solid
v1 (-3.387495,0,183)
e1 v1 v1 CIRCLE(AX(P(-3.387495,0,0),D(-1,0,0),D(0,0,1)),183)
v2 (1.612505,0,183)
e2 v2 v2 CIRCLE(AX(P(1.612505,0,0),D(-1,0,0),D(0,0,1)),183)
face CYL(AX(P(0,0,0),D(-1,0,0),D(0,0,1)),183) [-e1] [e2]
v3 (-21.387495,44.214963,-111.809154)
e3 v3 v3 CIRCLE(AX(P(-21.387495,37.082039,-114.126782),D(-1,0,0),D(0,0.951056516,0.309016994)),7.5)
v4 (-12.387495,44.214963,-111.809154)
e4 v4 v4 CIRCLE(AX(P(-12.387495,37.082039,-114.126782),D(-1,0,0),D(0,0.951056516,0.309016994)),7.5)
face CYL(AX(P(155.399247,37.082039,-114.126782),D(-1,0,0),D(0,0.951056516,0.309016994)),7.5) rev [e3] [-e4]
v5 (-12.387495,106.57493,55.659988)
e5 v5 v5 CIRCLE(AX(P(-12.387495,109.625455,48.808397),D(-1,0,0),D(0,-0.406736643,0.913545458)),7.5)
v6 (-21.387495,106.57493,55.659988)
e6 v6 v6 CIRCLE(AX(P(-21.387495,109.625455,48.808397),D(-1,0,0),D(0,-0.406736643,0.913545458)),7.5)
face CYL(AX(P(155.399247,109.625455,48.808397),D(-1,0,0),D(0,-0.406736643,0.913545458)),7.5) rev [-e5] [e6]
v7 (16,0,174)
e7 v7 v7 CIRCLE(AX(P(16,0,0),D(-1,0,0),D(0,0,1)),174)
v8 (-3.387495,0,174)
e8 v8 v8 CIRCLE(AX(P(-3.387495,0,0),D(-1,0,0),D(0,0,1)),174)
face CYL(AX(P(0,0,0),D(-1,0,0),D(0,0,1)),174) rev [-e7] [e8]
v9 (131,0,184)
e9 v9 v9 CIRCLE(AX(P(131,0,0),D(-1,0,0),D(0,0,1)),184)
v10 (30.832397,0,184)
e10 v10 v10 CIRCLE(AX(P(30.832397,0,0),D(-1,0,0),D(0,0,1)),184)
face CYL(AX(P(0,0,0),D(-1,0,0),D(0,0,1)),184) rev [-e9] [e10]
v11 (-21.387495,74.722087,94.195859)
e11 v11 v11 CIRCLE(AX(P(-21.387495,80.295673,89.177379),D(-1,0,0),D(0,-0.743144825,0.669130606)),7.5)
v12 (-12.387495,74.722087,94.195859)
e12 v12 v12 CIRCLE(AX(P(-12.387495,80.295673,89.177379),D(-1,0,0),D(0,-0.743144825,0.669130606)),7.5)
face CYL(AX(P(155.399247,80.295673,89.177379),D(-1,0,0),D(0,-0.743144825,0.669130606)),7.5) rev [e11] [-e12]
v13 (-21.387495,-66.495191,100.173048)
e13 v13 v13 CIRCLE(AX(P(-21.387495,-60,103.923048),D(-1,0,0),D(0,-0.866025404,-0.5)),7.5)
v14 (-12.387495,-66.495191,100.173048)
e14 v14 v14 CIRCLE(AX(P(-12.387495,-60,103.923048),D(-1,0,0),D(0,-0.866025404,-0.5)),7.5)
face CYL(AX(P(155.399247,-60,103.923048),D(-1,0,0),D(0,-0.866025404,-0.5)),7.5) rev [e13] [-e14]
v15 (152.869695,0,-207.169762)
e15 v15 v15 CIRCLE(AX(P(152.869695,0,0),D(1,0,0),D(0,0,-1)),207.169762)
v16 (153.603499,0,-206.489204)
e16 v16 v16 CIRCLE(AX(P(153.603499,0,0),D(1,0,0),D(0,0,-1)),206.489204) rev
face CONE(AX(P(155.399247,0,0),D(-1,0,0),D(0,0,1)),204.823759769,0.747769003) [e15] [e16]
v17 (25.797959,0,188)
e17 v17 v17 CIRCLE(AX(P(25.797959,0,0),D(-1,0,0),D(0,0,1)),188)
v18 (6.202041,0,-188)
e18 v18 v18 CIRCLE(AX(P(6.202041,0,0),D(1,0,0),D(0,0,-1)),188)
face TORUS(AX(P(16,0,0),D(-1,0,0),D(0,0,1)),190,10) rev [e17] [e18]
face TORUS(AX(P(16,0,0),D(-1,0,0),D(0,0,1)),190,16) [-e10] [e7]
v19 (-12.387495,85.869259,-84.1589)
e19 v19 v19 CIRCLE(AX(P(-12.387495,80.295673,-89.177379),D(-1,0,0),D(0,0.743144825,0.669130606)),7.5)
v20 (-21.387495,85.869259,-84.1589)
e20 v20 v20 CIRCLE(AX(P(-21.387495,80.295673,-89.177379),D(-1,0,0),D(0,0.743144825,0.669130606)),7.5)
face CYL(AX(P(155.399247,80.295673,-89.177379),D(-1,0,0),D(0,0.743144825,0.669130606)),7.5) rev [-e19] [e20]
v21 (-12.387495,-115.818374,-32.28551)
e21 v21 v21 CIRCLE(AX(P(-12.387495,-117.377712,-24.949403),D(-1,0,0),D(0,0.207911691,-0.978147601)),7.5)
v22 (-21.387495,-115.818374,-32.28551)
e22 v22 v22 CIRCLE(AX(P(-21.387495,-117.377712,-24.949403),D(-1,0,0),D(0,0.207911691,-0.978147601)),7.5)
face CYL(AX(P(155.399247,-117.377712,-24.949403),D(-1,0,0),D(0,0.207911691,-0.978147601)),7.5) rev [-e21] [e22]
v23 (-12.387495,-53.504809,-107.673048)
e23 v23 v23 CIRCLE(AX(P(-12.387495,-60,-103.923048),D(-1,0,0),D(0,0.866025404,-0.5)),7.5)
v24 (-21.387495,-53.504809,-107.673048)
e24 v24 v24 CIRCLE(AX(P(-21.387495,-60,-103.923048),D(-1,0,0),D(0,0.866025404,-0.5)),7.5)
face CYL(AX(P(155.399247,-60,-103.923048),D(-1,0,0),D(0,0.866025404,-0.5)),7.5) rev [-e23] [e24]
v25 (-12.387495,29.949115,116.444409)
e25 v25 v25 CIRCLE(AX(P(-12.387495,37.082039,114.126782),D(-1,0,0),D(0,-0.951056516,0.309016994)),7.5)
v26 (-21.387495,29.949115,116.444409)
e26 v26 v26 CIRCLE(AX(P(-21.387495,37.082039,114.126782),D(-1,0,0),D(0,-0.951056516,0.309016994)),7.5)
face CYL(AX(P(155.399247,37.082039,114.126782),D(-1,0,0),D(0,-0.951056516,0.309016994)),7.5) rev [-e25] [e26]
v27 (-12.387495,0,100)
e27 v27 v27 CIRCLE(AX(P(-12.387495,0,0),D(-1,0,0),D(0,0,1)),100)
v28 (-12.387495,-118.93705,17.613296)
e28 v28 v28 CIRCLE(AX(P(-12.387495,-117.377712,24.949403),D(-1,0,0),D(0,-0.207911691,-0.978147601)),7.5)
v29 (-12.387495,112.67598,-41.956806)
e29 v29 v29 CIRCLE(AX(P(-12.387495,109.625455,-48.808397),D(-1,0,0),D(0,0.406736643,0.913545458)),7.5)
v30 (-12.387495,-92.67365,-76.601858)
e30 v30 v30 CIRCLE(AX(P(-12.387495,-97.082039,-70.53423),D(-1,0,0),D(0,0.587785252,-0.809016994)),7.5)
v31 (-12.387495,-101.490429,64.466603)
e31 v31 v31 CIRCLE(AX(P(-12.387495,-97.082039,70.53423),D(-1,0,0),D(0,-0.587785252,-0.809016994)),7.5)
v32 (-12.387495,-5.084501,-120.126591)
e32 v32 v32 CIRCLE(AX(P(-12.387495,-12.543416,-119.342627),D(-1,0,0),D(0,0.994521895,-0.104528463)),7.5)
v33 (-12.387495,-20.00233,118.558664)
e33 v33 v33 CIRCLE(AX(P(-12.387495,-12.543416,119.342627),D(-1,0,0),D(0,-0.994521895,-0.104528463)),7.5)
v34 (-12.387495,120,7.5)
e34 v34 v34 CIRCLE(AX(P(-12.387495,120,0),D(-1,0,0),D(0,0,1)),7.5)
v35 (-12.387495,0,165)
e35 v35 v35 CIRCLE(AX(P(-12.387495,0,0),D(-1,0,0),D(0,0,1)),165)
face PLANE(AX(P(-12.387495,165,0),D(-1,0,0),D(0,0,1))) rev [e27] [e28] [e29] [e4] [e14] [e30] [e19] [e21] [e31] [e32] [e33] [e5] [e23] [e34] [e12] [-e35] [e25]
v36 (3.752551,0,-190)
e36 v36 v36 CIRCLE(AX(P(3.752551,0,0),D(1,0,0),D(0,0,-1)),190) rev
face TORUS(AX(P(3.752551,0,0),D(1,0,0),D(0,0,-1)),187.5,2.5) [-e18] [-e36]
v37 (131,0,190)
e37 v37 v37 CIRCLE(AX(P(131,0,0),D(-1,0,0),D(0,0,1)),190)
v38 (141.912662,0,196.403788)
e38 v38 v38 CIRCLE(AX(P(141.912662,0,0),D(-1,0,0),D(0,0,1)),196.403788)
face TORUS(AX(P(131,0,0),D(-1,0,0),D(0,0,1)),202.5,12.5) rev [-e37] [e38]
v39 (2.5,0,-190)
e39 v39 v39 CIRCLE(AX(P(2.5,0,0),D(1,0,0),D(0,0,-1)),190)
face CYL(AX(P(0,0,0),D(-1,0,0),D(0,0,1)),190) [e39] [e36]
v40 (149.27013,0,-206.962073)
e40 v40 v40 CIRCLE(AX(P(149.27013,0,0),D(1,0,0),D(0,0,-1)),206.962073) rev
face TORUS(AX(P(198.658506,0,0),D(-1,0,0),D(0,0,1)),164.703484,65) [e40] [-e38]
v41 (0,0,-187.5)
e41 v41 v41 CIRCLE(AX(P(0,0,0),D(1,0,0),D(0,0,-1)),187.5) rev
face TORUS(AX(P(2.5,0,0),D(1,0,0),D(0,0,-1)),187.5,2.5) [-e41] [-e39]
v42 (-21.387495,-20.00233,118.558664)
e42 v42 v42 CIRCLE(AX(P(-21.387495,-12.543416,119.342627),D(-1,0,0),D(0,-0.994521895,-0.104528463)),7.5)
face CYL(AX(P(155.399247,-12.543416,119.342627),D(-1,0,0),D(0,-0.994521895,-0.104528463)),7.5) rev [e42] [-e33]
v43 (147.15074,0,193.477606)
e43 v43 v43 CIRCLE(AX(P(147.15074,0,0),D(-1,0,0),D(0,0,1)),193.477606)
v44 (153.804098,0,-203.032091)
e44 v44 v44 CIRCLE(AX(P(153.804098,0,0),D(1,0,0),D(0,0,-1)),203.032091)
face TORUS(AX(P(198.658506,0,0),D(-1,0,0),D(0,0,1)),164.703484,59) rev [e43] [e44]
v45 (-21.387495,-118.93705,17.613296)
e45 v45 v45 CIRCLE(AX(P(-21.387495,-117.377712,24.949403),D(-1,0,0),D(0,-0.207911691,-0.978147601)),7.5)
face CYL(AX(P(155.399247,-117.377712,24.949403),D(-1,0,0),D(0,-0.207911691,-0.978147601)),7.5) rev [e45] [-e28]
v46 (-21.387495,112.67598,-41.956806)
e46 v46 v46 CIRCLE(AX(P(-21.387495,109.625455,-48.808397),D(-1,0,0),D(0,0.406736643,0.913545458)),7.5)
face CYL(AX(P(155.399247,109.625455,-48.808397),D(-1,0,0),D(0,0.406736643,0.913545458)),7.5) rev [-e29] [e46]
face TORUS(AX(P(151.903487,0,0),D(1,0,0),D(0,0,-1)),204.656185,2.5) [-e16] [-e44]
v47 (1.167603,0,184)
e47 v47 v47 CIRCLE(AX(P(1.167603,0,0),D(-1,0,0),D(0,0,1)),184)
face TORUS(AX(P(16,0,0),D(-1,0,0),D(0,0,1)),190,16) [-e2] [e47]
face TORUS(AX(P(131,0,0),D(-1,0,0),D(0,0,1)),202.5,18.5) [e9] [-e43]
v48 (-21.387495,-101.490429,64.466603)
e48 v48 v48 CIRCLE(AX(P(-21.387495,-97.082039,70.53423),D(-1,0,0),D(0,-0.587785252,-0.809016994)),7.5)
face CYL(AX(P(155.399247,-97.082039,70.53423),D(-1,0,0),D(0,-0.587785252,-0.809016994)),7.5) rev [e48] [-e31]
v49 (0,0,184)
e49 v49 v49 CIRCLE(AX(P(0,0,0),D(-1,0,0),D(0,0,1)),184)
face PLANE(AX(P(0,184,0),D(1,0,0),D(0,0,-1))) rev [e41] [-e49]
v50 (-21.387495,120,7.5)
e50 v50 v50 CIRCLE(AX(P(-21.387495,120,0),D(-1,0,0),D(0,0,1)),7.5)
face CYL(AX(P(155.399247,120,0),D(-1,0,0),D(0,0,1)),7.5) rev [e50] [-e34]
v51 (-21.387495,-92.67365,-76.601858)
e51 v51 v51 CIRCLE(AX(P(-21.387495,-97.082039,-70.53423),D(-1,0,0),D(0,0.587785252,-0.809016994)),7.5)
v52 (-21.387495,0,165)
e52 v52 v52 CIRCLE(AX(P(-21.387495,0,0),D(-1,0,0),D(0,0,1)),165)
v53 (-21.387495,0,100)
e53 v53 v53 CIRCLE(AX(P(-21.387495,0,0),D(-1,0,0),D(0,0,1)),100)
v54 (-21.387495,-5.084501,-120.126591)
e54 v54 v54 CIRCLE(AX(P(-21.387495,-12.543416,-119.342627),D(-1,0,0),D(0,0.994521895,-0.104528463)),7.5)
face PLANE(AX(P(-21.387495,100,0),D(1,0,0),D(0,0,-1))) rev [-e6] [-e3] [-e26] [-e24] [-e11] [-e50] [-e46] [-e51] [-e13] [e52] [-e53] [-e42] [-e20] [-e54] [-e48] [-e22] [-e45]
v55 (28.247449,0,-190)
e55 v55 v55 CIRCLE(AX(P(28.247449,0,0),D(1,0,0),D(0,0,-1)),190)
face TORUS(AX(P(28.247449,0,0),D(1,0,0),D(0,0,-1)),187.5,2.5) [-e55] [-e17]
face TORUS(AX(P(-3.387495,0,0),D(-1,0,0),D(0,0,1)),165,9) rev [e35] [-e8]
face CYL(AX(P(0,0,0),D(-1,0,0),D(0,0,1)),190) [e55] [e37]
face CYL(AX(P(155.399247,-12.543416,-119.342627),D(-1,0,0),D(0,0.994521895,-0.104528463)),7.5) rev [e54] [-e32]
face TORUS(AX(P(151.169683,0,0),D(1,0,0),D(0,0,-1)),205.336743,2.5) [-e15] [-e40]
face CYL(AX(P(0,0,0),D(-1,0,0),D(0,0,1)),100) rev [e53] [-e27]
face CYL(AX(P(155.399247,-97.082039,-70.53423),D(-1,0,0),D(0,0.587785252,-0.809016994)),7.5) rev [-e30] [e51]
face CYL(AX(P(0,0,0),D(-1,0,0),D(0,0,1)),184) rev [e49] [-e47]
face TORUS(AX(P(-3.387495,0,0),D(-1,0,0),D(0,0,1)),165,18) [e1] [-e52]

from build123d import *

# Parameters (mm, degrees)
SKETCH3_R          = 7.5
CUT_EXTRUDE1_DEPTH = 345.289321626
CIRPATTERN1_COUNT  = 15
FILLET1_R          = 2.5
FILLET2_R          = 2.5


with BuildPart() as part:
    # Sketch1 → Revolve2 (revolve)
    with BuildSketch(Plane.XY, mode=Mode.PRIVATE) as revolve2_sk:
        with BuildLine():
            Line((0, 190), (6, 190))
            ThreePointArc((6, 190), (16, 180), (26, 190))
            Line((26, 190), (131, 190))
            ThreePointArc((131, 190), (137.326426611, 191.719168569), (141.912662216, 196.403787786))
            ThreePointArc((141.912662216, 196.403787786), (146.083516094, 202.924819463), (151, 208.903787786))
            Line((151, 208.903787786), (155.399246684, 204.823759769))
            ThreePointArc((155.399246684, 204.823759769), (150.936592061, 199.396696214), (147.150740079, 193.477605923))
            ThreePointArc((147.150740079, 193.477605923), (140.363111384, 186.544369482), (131, 184))
            Line((131, 184), (30.832396974, 184))
            ThreePointArc((30.832396974, 184), (24.94427191, 176.733500839), (16, 174))
            Line((16, 174), (-3.38749457, 174))
            ThreePointArc((-3.38749457, 174), (-9.751455601, 171.363961031), (-12.38749457, 165))
            Line((-12.38749457, 165), (-12.38749457, 100))
            Line((-12.38749457, 100), (-21.38749457, 100))
            Line((-21.38749457, 100), (-21.38749457, 165))
            ThreePointArc((-21.38749457, 165), (-16.115416631, 177.727922061), (-3.38749457, 183))
            Line((-3.38749457, 183), (1.61250543, 183))
            ThreePointArc((1.61250543, 183), (1.381500916, 183.496194611), (1.167603026, 184))
            Line((1.167603026, 184), (0, 184))
            Line((0, 184), (0, 190))
        make_face()
    revolve(revolve2_sk.sketch.rotate(Axis((0, 0, 0), (1, 0, 0)), 90), axis=Axis((0, 0, 0), (1, 0, 0)))

    # Sketch3 → Cut-Extrude1 (cut, through all)
    with BuildSketch(Plane.ZY.offset(21.38749457)):
        with Locations((0, 120)):
            Circle(SKETCH3_R)
    cut_extrude1 = extrude(amount=-CUT_EXTRUDE1_DEPTH, mode=Mode.SUBTRACT)

    # CirPattern1: Cut-Extrude1 ×15 about axis
    cirpattern1_axis = Axis((0, 0, 0), (1, 0, 0))
    for i in range(1, CIRPATTERN1_COUNT):
        add(cut_extrude1.rotate(cirpattern1_axis, i * 360 / CIRPATTERN1_COUNT), mode=Mode.SUBTRACT)

    # Fillet1
    fillet1_edges = [part.edges().sort_by_distance(p)[0] for p in [
        (151, 0, -208.903787786),
        (155.399246684, 0, -204.823759769),
    ]]
    fillet(fillet1_edges, radius=FILLET1_R)

    # Fillet2
    fillet2_edges = [part.edges().sort_by_distance(p)[0] for p in [
        (0, 0, -190),
        (6, 0, -190),
        (26, 0, -190),
    ]]
    fillet(fillet2_edges, radius=FILLET2_R)


solid = part.part
